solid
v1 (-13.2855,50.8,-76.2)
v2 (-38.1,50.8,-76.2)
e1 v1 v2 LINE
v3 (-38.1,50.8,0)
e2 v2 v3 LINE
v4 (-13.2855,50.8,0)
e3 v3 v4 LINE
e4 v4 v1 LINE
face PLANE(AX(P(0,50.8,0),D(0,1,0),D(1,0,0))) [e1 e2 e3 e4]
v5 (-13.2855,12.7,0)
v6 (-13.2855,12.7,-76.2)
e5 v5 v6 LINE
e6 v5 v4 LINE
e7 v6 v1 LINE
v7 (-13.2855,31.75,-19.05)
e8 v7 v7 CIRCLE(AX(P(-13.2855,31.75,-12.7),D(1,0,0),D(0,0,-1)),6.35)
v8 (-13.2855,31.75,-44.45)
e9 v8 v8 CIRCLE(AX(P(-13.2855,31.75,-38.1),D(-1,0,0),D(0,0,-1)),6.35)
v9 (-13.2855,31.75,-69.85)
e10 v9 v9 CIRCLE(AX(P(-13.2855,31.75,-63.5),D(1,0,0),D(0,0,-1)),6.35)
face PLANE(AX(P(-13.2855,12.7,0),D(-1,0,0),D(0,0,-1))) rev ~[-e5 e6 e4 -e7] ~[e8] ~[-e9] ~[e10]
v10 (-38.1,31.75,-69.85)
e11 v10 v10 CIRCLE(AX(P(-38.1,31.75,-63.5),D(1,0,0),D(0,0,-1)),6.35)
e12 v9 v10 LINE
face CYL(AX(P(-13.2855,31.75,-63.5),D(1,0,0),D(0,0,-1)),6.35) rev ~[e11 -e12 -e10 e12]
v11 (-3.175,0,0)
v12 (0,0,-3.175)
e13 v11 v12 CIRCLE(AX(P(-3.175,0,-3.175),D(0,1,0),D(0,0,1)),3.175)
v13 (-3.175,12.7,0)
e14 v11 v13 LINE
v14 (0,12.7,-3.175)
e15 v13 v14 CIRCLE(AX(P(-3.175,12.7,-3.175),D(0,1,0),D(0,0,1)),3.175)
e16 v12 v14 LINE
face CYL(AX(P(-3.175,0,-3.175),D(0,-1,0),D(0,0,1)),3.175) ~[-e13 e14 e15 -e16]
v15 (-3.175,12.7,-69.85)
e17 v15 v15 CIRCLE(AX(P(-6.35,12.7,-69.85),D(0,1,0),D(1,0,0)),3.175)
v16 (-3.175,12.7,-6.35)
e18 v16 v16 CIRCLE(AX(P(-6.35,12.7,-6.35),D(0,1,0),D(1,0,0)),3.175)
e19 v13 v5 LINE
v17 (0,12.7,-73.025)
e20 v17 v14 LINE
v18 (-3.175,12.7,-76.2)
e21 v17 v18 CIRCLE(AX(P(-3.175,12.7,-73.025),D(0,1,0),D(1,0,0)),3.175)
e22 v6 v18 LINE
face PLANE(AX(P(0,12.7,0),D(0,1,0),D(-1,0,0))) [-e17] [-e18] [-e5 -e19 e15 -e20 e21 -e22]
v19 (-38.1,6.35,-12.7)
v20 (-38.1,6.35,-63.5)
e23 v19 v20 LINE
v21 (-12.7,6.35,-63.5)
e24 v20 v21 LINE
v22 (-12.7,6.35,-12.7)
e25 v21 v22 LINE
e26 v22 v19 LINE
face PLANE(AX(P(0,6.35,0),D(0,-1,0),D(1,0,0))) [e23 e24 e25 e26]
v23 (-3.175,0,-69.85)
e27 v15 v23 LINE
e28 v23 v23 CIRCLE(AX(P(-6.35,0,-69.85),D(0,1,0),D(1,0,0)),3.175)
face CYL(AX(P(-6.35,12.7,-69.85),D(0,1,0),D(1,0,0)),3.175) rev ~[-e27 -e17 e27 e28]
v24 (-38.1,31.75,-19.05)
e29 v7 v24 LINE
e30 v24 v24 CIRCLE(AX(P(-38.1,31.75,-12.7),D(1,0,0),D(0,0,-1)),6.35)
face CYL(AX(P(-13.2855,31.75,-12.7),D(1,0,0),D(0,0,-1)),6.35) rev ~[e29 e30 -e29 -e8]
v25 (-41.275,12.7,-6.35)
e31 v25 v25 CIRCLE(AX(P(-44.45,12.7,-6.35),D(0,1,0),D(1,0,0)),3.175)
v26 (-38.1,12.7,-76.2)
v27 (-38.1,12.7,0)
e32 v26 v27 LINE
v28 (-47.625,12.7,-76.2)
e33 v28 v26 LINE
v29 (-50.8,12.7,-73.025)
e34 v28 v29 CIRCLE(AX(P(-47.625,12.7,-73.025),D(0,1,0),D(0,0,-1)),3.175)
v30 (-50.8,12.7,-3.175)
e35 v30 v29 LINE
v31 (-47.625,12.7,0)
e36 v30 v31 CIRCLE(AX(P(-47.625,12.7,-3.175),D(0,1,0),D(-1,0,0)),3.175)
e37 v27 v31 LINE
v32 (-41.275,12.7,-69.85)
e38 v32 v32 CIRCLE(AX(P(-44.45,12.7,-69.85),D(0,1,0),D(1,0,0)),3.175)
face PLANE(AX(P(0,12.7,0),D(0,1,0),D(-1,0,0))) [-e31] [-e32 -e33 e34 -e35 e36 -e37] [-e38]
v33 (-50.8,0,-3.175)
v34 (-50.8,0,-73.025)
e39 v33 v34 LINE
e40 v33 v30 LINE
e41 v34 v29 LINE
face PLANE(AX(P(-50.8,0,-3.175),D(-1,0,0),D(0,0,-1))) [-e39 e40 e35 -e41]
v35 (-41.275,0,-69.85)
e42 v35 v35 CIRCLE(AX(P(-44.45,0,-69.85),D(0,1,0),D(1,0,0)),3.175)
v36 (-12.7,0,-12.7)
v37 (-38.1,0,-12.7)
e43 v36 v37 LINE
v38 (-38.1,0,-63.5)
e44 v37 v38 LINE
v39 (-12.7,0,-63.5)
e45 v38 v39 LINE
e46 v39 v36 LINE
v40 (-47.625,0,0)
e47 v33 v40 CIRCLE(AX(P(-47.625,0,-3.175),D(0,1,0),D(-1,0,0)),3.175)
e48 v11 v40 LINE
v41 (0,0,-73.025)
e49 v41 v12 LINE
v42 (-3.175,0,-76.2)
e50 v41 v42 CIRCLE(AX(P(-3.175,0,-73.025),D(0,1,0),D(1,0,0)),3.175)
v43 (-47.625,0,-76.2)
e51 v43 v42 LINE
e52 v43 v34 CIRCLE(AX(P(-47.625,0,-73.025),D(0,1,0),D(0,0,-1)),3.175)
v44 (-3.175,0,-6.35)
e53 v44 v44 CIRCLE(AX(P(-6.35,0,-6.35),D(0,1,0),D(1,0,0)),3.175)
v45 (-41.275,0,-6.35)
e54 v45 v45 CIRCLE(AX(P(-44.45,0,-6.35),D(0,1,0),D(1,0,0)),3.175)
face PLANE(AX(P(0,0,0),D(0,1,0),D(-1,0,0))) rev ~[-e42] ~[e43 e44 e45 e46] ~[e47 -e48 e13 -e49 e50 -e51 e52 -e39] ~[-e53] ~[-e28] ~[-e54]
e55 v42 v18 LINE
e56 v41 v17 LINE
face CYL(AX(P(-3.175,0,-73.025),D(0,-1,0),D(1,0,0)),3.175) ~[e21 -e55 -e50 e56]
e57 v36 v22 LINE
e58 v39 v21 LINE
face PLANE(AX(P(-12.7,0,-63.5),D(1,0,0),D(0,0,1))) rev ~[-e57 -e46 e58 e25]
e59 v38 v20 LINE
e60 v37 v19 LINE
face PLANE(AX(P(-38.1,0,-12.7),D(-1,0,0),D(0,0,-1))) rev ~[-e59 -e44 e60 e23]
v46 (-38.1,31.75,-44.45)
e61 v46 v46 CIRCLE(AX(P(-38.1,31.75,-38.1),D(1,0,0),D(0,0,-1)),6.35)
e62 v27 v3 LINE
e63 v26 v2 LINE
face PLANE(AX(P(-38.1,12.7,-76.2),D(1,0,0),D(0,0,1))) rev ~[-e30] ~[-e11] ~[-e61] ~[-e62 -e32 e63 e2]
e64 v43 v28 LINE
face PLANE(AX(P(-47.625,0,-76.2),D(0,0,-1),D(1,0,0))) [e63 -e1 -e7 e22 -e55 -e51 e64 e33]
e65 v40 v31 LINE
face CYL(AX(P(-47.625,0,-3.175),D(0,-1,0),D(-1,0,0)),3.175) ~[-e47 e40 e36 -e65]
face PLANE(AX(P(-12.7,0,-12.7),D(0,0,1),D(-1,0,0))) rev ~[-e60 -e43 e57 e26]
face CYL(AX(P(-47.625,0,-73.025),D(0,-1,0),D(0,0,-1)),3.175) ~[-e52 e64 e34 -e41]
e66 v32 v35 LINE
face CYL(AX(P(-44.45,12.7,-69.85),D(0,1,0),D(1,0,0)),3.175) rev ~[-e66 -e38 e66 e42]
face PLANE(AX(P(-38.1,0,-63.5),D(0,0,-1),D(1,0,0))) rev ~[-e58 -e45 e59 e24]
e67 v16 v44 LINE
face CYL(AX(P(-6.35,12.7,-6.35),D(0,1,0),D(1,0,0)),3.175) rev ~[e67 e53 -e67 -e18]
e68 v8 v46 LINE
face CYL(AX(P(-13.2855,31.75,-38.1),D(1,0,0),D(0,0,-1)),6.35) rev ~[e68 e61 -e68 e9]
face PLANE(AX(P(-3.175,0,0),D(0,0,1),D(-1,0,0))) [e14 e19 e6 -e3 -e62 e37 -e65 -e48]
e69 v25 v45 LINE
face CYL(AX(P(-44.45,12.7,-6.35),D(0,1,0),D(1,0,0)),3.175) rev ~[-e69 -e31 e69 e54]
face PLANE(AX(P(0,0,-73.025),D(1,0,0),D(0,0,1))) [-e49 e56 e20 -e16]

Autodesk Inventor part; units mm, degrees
ref_plane "YZ Plane" through (0, 0, 0) normal (1, 0, 0) x (0, 1, 0)
ref_plane "XZ Plane" through (0, 0, 0) normal (0, 1, 0) x (-1, 0, 0)
ref_plane "XY Plane" through (0, 0, 0) normal (0, 0, 1) x (1, 0, 0)
sketch "Sketch1" plane through (0, 0, 0) normal (0, 1, 0) x (-1, 0, 0)
  line L0 (3.175, 0) -> (47.625, 0)
  line L1 (50.8, -3.175) -> (50.8, -73.025)
  line L2 (47.625, -76.2) -> (3.175, -76.2)
  line L3 (0, -73.025) -> (0, -3.175)
  arc A0 (50.8, -3.175) -> (47.625, 0) centre (47.625, -3.175) ccw
  arc A1 (3.175, 0) -> (0, -3.175) centre (3.175, -3.175) ccw
  arc A2 (0, -73.025) -> (3.175, -76.2) centre (3.175, -73.025) ccw
  arc A3 (47.625, -76.2) -> (50.8, -73.025) centre (47.625, -73.025) ccw
  point P0 (0, 0)
  point P1 (50.8, -76.2)
  point P2 (50.8, 0)
  point P3 (0, -76.2)
  dimension "d0" = 50.8
  dimension "d1" = 76.2
  dimension "d4" = 3.175
extrude "Extrusion1" add sketch "Sketch1" along normal blind 12.7
sketch "Sketch2" plane through (0, 12.7, 0) normal (0, 1, 0) x (1, 0, 0)
  line L0 (0, 0) -> (-6.35, 0) construction
  line L1 (-6.35, 0) -> (-6.35, 6.35) construction
  line L2 (-6.35, 6.35) -> (0, 6.35) construction
  line L3 (0, 6.35) -> (0, 0) construction
  circle A0 centre (-6.35, 6.35) radius 3.175
  line L4 (0, 3.175) -> (0, 73.025) construction
  line L5 (0, 38.1) -> (-50.8802, 38.1) construction
  line L6 (-50.8802, 38.1) -> (-25.4, 76.2) construction
  line L7 (-3.175, 76.2) -> (-47.625, 76.2) construction
  line L8 (-25.4, 76.2) -> (-25.4, 0) construction
  line L9 (-47.625, 0) -> (-3.175, 0) construction
  circle A1 centre (-6.35, 69.85) radius 3.175
  circle A2 centre (-44.45, 6.35) radius 3.175
  circle A3 centre (-44.45, 69.85) radius 3.175
  dimension "d5" = 6.35
  dimension "d6" = 6.35
  dimension "d7" = 6.35
extrude "Extrusion2" cut sketch "Sketch2" against normal through all
sketch "Sketch3" plane through (0, 12.7, 0) normal (0, 1, 0) x (1, 0, 0)
  line L0 (0, 0) -> (-12.7, 0) construction
  line L1 (0, 0) -> (12.7, 0) construction
  line L2 (-47.625, 0) -> (-3.175, 0) construction
  line L3 (-25.4, 0) -> (-25.4, 76.2) construction
  line L4 (-3.175, 76.2) -> (-47.625, 76.2) construction
  line L5 (-50.8, 0) -> (-38.1, 0) construction
  line L6 (-38.1, 0) -> (-13.2855, 0)
  line L7 (-13.2855, 0) -> (-13.2855, 76.2)
  line L8 (-13.2855, 76.2) -> (-38.1, 76.2)
  line L9 (-38.1, 76.2) -> (-38.1, 0)
  dimension "d14" = 12.7
  dimension "d15" = 180
extrude "Extrusion3" add sketch "Sketch3" along normal blind 38.1
sketch "Sketch4" plane through (0, 0, 0) normal (0, -1, 0) x (1, 0, 0)
  line L0 (0, 0) -> (-12.7, 0) construction
  line L1 (-12.7, 0) -> (-12.7, -12.7) construction
  line L2 (-12.7, -12.7) -> (0, -12.7) construction
  line L3 (0, -12.7) -> (0, 0) construction
  line L4 (-50.8, -76.2) -> (-38.1, -76.2) construction
  line L5 (-38.1, -76.2) -> (-38.1, -63.5) construction
  line L6 (-38.1, -63.5) -> (-50.8, -63.5) construction
  line L7 (-50.8, -63.5) -> (-50.8, -76.2) construction
  line L8 (-12.7, -12.7) -> (-38.1, -12.7)
  line L9 (-38.1, -12.7) -> (-38.1, -63.5)
  line L10 (-38.1, -63.5) -> (-12.7, -63.5)
  line L11 (-12.7, -63.5) -> (-12.7, -12.7)
  dimension "d18" = 12.7
  dimension "d19" = 12.7
  dimension "d20" = 12.7
  dimension "d21" = 12.7
extrude "Extrusion4" cut sketch "Sketch4" against normal blind 6.35
sketch "Sketch5" plane through (-13.2855, 12.7, 0) normal (1, 0, 0) x (0, 0, -1)
  line L0 (0, 38.1) -> (76.2, 38.1) construction
  line L1 (38.1, 38.1) -> (38.1, 0) construction
  line L2 (73.025, 0) -> (3.175, 0) construction
  line L3 (76.2, 0) -> (76.2, 38.1) construction
  line L4 (76.2, 19.05) -> (0, 19.05) construction
  circle A0 centre (38.1, 19.05) radius 6.35
  line L5 (38.1, 19.05) -> (12.7, 19.05)
  line L6 (38.1, 19.05) -> (63.5, 19.05) construction
  circle A1 centre (12.7, 19.05) radius 6.35
  circle A2 centre (63.5, 19.05) radius 6.35
  point P0 (0, -12.7)
  dimension "d24" = 12.7
  dimension "d25" = 25.4
  dimension "d26" = 180
  dimension "d27" = 12.7
extrude "Extrusion5" cut sketch "Sketch5" against normal through all
properties part number "Near Gantry Bracket"
